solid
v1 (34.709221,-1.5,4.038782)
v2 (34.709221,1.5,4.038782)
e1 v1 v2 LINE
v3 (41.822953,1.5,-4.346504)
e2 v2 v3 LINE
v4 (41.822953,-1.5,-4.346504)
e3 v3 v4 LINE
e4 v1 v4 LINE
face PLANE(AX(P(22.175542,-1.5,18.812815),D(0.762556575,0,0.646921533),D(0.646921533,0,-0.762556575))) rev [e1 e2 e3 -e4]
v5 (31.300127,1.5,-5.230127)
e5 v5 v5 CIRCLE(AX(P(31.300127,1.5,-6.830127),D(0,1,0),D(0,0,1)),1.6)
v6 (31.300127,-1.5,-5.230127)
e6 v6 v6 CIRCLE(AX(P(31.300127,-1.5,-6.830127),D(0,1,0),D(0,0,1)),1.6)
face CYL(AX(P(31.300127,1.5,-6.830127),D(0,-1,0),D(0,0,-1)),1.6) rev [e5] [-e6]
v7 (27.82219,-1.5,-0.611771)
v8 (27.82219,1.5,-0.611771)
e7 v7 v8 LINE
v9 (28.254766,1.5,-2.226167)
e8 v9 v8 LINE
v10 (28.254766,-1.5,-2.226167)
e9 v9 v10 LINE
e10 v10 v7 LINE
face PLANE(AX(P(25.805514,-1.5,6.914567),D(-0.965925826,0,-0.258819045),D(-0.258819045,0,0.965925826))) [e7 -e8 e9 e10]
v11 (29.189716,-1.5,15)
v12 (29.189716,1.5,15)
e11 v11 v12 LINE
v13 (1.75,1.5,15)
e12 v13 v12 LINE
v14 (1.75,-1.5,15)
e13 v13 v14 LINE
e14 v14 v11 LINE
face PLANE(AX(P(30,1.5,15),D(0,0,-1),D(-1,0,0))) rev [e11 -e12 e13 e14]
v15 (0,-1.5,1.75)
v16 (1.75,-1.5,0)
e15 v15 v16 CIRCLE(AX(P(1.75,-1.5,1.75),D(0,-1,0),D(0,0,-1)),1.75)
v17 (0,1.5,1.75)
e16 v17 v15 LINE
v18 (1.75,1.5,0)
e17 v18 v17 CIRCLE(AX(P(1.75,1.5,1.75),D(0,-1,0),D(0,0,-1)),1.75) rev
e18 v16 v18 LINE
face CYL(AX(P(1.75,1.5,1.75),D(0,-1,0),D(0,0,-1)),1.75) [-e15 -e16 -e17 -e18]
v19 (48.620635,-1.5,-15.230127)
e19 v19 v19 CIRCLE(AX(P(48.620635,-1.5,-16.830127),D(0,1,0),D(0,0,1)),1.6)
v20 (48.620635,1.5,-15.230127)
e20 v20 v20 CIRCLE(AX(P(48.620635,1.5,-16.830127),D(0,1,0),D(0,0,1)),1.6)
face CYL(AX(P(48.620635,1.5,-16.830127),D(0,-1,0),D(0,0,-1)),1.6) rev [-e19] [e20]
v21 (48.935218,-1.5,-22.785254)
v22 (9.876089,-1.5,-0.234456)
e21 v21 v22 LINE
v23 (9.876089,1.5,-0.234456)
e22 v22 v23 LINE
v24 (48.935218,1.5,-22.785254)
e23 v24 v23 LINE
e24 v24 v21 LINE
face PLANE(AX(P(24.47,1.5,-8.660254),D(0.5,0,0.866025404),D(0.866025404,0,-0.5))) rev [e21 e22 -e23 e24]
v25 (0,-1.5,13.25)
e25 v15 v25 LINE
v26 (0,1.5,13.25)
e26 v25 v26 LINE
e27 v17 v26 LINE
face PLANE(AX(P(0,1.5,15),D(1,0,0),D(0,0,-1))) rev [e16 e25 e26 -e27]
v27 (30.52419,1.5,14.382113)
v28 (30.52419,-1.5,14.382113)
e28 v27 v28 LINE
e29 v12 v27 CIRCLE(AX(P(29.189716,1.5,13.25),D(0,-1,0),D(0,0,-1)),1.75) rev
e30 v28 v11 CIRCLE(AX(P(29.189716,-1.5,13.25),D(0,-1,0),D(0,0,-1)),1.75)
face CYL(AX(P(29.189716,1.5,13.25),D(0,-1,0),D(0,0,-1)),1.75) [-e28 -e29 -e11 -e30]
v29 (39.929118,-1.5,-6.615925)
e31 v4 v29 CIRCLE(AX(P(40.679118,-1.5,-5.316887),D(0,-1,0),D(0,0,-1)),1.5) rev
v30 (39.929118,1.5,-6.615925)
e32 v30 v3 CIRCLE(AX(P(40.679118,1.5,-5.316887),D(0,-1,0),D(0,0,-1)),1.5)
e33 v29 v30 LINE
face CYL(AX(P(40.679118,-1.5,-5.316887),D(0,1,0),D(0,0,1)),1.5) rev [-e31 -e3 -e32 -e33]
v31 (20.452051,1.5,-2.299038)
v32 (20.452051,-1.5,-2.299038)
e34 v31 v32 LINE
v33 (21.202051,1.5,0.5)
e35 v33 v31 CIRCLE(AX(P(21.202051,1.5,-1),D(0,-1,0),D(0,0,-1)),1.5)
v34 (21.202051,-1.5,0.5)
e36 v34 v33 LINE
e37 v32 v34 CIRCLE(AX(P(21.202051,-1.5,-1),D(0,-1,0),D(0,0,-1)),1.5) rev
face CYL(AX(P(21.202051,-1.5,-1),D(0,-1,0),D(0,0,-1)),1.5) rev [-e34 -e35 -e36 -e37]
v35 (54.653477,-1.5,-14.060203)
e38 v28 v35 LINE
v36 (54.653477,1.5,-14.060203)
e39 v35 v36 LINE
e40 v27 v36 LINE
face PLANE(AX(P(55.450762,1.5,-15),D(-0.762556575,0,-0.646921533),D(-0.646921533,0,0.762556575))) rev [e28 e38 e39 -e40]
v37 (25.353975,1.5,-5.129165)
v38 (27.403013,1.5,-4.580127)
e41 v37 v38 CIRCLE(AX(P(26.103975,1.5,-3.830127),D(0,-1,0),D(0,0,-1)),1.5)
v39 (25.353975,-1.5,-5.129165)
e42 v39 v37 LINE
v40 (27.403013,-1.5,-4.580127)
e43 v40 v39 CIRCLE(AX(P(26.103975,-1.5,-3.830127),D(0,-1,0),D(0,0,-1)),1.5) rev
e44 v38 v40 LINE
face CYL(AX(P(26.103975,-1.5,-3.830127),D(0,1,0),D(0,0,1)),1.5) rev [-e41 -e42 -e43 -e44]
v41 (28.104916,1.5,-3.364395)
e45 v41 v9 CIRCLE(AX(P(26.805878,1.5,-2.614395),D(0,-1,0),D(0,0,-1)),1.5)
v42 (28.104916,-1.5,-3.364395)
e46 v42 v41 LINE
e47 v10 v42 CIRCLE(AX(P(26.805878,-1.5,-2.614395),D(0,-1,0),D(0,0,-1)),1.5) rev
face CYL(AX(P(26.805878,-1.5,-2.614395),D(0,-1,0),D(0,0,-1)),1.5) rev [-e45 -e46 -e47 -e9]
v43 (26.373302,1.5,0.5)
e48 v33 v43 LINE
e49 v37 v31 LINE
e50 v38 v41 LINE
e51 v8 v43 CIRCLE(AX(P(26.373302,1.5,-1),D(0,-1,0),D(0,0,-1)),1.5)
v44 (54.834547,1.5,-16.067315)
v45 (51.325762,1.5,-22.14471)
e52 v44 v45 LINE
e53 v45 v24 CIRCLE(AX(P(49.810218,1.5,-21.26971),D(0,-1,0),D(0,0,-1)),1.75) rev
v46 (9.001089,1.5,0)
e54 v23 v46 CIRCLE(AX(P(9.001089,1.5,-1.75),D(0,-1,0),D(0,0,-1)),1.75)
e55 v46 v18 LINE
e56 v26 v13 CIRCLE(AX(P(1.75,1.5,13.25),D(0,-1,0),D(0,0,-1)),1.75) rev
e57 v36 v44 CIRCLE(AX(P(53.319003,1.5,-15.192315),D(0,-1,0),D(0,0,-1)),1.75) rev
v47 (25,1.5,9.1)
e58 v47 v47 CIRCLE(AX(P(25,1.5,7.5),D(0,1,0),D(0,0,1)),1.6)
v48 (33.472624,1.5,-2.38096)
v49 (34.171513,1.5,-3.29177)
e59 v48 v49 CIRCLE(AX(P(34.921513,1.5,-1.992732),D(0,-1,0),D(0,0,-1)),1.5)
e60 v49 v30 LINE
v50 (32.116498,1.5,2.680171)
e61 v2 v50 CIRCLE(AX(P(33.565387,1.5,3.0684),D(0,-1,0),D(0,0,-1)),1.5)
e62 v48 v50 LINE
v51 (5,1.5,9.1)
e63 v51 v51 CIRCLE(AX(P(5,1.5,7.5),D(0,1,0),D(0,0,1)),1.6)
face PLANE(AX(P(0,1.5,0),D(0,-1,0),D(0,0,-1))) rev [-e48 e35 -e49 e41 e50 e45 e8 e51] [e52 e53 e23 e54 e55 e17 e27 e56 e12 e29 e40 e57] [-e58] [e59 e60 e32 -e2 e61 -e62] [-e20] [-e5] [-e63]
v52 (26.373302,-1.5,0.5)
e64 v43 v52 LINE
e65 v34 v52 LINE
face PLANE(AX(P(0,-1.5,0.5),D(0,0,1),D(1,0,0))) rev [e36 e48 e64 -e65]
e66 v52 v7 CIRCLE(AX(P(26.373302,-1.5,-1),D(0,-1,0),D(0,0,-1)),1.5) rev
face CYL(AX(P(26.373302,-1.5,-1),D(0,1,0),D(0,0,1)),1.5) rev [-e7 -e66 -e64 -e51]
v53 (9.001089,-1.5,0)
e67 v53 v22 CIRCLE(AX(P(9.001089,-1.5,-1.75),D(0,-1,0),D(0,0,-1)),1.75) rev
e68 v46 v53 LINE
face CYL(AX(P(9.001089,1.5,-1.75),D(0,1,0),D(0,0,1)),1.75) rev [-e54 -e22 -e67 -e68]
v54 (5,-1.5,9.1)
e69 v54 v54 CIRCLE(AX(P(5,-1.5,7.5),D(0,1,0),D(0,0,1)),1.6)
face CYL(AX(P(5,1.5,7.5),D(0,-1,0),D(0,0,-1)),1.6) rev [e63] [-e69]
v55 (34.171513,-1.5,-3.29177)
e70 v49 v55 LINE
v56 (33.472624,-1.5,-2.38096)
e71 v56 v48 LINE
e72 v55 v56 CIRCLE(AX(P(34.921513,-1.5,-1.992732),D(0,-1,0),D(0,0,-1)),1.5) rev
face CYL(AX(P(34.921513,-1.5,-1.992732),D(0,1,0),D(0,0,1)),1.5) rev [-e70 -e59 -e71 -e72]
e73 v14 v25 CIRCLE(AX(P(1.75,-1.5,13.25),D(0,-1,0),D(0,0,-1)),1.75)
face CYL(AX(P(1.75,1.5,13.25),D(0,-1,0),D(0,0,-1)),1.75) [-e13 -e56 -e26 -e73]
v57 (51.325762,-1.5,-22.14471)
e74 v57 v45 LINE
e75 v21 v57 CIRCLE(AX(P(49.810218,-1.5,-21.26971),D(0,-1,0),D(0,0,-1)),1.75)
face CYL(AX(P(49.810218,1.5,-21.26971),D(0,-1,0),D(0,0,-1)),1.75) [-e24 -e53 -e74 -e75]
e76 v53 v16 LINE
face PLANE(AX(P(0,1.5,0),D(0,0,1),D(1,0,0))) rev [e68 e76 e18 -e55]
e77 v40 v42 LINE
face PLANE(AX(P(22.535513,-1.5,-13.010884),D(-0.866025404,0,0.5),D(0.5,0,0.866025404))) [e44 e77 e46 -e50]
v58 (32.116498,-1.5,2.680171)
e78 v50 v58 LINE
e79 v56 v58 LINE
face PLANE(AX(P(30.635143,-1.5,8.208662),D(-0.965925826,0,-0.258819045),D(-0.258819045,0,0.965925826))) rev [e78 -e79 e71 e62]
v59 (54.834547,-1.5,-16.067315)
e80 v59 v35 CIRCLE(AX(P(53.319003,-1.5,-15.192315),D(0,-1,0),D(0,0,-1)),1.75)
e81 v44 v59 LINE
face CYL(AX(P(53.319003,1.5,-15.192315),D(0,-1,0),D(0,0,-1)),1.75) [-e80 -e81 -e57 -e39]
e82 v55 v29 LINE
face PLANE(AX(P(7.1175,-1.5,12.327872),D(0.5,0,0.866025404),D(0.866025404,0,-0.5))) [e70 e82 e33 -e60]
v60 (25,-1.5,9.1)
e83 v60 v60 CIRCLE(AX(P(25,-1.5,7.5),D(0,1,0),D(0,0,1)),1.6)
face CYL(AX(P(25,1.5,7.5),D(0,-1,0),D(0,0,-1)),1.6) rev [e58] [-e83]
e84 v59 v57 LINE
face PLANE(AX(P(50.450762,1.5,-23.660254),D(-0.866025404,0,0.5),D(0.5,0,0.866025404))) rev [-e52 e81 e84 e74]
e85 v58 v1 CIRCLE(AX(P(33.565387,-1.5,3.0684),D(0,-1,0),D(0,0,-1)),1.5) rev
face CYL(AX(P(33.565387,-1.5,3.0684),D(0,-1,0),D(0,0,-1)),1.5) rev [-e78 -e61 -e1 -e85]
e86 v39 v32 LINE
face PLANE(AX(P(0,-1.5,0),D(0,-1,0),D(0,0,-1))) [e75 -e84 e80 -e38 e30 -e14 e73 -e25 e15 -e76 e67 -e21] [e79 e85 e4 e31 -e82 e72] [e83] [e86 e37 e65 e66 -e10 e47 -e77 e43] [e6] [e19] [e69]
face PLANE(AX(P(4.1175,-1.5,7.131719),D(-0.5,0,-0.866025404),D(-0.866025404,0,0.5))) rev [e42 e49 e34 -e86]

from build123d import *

# Parameters (mm, degrees)
SKETCH_2_R          = 1.5999999999999899
SKETCH_2_R_2        = 1.6000000000000019
SKETCH_2_R_3        = 1.600000000000012
SKETCH_2_R_4        = 1.5999999999999999
EXTRUDE_1_DEPTH     = 1.5
CUT_EXTRUDE_1_DEPTH = 3
FILLET_1_R          = 1
FILLET_2_R          = 1.75
MOVE_FACE_1_BY      = 0.5
MOVE_FACE_1_2_BY    = 0.5
MOVE_FACE_1_3_BY    = 0.5
MOVE_FACE_1_4_BY    = 0.5
MOVE_FACE_1_5_BY    = 0.5
MOVE_FACE_1_6_BY    = 0.5
MOVE_FACE_1_7_BY    = 0.5
MOVE_FACE_1_8_BY    = 0.5
MOVE_FACE_1_9_BY    = 0.5
MOVE_FACE_1_10_BY   = 0.5
MOVE_FACE_1_11_BY   = 0.5
MOVE_FACE_1_12_BY   = 0.5
MOVE_FACE_1_13_BY   = 0.5
MOVE_FACE_1_14_BY   = 0.5


with BuildPart() as part:
    # ｽｹｯﾁ2 → ﾎﾞｽ - 押し出し1 (new, symmetric)
    with BuildSketch(Plane(origin=(0, 0, 0), x_dir=(1, 0, 0), z_dir=(0, 1, 0))):
        Polygon((24.47000000000005, 8.660254037844277), (9.470000000000297, 1.73e-15), (0, 0), (0, -14.999999999999998), (30.000000000000004, -14.999999999999995), (55.450762113533145, 15.000000000000043), (50.450762113533166, 23.66025403784434), align=None)
        with Locations(Location((48.62063509461097, 16.830127018922173, 0), (0, 0, 270))):
            Circle(SKETCH_2_R, mode=Mode.SUBTRACT)
        with Locations(Location((25, -7.5, 0), (0, 0, 270))):
            Circle(SKETCH_2_R_2, mode=Mode.SUBTRACT)
        with Locations(Location((31.300127018922208, 6.830127018922147, 0), (0, 0, 270))):
            Circle(SKETCH_2_R_3, mode=Mode.SUBTRACT)
        with Locations(Location((5, -7.5, 0), (0, 0, 270))):
            Circle(SKETCH_2_R_4, mode=Mode.SUBTRACT)
    extrude(amount=EXTRUDE_1_DEPTH, both=True)

    # ｽｹｯﾁ3 → ｶｯﾄ - 押し出し1 (cut)
    with BuildSketch(Plane(origin=(0, 1.5, 0), x_dir=(1, 0, 0), z_dir=(0, 1, 0))):
        Polygon((26.470000000000045, 5.196152422706529), (17.470000000000258, -3.55e-15), (27.140628594077313, 0), (27.879009742330265, 2.755675960631065), align=None)
        Polygon((33.35228567653781, 0), (37.47986861759486, 0), (45.16947255557436, 9.064094706096034), (34.06279326771847, 2.651650429449568), align=None)
        Polygon((31.446764780347493, -7.111500799466448), (37.47986861759486, 3.55e-15), (33.35228567653781, 0), align=None)
    extrude(amount=-CUT_EXTRUDE_1_DEPTH, mode=Mode.SUBTRACT)

    # ﾌｨﾚｯﾄ1
    fillet_1_edges = [part.edges().sort_by_distance(p)[0] for p in [
        (27.87900974233027, 0, -2.7556759606310655),
        (27.140628594077313, 0, -8.9e-16),
        (17.47000000000026, 0, 1.78e-15),
        (26.47000000000005, 0, -5.19615242270653),
        (34.06279326771847, 0, -2.6516504294495666),
        (45.16947255557436, 0, -9.064094706096032),
        (31.446764780347493, 0, 7.111500799466448),
    ]]
    fillet(fillet_1_edges, radius=FILLET_1_R)

    # ﾌｨﾚｯﾄ2
    fillet_2_edges = [part.edges().sort_by_distance(p)[0] for p in [
        (50.450762113533166, 0, -23.66025403784434),
        (55.450762113533145, 0, -15.000000000000043),
        (30.000000000000004, 0, 14.999999999999995),
        (0, 0, 14.999999999999998),
        (0, 0, 0),
        (9.470000000000297, 0, -1.73e-15),
    ]]
    fillet(fillet_2_edges, radius=FILLET_2_R)

    # Move Face 1: a face moved inward by 0.5
    extrude(part.faces().sort_by_distance((33.277523818, 0, 0.279015055))[0], amount=MOVE_FACE_1_BY, dir=(-0.965925826, 0, -0.258819045), mode=Mode.SUBTRACT)

    # Move Face 1 2: a curved face moved inward by 0.5
    add(Solid.thicken(part.faces().sort_by_distance((33.10124082, 0, 3.954158856))[0], -MOVE_FACE_1_2_BY), mode=Mode.SUBTRACT)

    # Move Face 1 3: a face moved inward by 0.5
    extrude(part.faces().sort_by_distance((37.884808697, 0, -0.477321752))[0], amount=MOVE_FACE_1_3_BY, dir=(0.762556575, 0, 0.646921533), mode=Mode.SUBTRACT)

    # Move Face 1 4: a curved face moved inward by 0.5
    add(Solid.thicken(part.faces().sort_by_distance((41.44689767, 0, -5.957600166))[0], -MOVE_FACE_1_4_BY), mode=Mode.SUBTRACT)

    # Move Face 1 5: a face moved inward by 0.5
    extrude(part.faces().sort_by_distance((37.300315213, 0, -4.520834596))[0], amount=MOVE_FACE_1_5_BY, dir=(-0.5, 0, -0.866025404), mode=Mode.SUBTRACT)

    # Move Face 1 6: a curved face moved inward by 0.5
    add(Solid.thicken(part.faces().sort_by_distance((34.128159395, 0, -2.601493236))[0], -MOVE_FACE_1_6_BY), mode=Mode.SUBTRACT)

    # Move Face 1 7: a curved face moved inward by 0.5
    add(Solid.thicken(part.faces().sort_by_distance((20.236124981, 0, -0.741180955))[0], -MOVE_FACE_1_7_BY), mode=Mode.SUBTRACT)

    # Move Face 1 8: a face moved inward by 0.5
    extrude(part.faces().sort_by_distance((23.787676207, 0, 0))[0], amount=MOVE_FACE_1_8_BY, dir=(0, 0, 1), mode=Mode.SUBTRACT)

    # Move Face 1 9: a curved face moved inward by 0.5
    add(Solid.thicken(part.faces().sort_by_distance((26.982063035, 0, -0.20664666))[0], -MOVE_FACE_1_9_BY), mode=Mode.SUBTRACT)

    # Move Face 1 10: a face moved inward by 0.5
    extrude(part.faces().sort_by_distance((27.555515408, 0, -1.548378669))[0], amount=MOVE_FACE_1_10_BY, dir=(0.965925826, 0, 0.258819045), mode=Mode.SUBTRACT)

    # Move Face 1 11: a curved face moved inward by 0.5
    add(Solid.thicken(part.faces().sort_by_distance((27.797322419, 0, -2.74492162))[0], -MOVE_FACE_1_11_BY), mode=Mode.SUBTRACT)

    # Move Face 1 12: a face moved inward by 0.5
    extrude(part.faces().sort_by_distance((27.320951481, 0, -3.722261224))[0], amount=MOVE_FACE_1_12_BY, dir=(0.866025404, 0, -0.5), mode=Mode.SUBTRACT)

    # Move Face 1 13: a curved face moved inward by 0.5
    add(Solid.thicken(part.faces().sort_by_distance((26.362793641, 0, -4.796052845))[0], -MOVE_FACE_1_13_BY), mode=Mode.SUBTRACT)

    # Move Face 1 14: a face moved inward by 0.5
    extrude(part.faces().sort_by_distance((23.153012702, 0, -3.281088913))[0], amount=MOVE_FACE_1_14_BY, dir=(-0.5, 0, -0.866025404), mode=Mode.SUBTRACT)


solid = part.part
